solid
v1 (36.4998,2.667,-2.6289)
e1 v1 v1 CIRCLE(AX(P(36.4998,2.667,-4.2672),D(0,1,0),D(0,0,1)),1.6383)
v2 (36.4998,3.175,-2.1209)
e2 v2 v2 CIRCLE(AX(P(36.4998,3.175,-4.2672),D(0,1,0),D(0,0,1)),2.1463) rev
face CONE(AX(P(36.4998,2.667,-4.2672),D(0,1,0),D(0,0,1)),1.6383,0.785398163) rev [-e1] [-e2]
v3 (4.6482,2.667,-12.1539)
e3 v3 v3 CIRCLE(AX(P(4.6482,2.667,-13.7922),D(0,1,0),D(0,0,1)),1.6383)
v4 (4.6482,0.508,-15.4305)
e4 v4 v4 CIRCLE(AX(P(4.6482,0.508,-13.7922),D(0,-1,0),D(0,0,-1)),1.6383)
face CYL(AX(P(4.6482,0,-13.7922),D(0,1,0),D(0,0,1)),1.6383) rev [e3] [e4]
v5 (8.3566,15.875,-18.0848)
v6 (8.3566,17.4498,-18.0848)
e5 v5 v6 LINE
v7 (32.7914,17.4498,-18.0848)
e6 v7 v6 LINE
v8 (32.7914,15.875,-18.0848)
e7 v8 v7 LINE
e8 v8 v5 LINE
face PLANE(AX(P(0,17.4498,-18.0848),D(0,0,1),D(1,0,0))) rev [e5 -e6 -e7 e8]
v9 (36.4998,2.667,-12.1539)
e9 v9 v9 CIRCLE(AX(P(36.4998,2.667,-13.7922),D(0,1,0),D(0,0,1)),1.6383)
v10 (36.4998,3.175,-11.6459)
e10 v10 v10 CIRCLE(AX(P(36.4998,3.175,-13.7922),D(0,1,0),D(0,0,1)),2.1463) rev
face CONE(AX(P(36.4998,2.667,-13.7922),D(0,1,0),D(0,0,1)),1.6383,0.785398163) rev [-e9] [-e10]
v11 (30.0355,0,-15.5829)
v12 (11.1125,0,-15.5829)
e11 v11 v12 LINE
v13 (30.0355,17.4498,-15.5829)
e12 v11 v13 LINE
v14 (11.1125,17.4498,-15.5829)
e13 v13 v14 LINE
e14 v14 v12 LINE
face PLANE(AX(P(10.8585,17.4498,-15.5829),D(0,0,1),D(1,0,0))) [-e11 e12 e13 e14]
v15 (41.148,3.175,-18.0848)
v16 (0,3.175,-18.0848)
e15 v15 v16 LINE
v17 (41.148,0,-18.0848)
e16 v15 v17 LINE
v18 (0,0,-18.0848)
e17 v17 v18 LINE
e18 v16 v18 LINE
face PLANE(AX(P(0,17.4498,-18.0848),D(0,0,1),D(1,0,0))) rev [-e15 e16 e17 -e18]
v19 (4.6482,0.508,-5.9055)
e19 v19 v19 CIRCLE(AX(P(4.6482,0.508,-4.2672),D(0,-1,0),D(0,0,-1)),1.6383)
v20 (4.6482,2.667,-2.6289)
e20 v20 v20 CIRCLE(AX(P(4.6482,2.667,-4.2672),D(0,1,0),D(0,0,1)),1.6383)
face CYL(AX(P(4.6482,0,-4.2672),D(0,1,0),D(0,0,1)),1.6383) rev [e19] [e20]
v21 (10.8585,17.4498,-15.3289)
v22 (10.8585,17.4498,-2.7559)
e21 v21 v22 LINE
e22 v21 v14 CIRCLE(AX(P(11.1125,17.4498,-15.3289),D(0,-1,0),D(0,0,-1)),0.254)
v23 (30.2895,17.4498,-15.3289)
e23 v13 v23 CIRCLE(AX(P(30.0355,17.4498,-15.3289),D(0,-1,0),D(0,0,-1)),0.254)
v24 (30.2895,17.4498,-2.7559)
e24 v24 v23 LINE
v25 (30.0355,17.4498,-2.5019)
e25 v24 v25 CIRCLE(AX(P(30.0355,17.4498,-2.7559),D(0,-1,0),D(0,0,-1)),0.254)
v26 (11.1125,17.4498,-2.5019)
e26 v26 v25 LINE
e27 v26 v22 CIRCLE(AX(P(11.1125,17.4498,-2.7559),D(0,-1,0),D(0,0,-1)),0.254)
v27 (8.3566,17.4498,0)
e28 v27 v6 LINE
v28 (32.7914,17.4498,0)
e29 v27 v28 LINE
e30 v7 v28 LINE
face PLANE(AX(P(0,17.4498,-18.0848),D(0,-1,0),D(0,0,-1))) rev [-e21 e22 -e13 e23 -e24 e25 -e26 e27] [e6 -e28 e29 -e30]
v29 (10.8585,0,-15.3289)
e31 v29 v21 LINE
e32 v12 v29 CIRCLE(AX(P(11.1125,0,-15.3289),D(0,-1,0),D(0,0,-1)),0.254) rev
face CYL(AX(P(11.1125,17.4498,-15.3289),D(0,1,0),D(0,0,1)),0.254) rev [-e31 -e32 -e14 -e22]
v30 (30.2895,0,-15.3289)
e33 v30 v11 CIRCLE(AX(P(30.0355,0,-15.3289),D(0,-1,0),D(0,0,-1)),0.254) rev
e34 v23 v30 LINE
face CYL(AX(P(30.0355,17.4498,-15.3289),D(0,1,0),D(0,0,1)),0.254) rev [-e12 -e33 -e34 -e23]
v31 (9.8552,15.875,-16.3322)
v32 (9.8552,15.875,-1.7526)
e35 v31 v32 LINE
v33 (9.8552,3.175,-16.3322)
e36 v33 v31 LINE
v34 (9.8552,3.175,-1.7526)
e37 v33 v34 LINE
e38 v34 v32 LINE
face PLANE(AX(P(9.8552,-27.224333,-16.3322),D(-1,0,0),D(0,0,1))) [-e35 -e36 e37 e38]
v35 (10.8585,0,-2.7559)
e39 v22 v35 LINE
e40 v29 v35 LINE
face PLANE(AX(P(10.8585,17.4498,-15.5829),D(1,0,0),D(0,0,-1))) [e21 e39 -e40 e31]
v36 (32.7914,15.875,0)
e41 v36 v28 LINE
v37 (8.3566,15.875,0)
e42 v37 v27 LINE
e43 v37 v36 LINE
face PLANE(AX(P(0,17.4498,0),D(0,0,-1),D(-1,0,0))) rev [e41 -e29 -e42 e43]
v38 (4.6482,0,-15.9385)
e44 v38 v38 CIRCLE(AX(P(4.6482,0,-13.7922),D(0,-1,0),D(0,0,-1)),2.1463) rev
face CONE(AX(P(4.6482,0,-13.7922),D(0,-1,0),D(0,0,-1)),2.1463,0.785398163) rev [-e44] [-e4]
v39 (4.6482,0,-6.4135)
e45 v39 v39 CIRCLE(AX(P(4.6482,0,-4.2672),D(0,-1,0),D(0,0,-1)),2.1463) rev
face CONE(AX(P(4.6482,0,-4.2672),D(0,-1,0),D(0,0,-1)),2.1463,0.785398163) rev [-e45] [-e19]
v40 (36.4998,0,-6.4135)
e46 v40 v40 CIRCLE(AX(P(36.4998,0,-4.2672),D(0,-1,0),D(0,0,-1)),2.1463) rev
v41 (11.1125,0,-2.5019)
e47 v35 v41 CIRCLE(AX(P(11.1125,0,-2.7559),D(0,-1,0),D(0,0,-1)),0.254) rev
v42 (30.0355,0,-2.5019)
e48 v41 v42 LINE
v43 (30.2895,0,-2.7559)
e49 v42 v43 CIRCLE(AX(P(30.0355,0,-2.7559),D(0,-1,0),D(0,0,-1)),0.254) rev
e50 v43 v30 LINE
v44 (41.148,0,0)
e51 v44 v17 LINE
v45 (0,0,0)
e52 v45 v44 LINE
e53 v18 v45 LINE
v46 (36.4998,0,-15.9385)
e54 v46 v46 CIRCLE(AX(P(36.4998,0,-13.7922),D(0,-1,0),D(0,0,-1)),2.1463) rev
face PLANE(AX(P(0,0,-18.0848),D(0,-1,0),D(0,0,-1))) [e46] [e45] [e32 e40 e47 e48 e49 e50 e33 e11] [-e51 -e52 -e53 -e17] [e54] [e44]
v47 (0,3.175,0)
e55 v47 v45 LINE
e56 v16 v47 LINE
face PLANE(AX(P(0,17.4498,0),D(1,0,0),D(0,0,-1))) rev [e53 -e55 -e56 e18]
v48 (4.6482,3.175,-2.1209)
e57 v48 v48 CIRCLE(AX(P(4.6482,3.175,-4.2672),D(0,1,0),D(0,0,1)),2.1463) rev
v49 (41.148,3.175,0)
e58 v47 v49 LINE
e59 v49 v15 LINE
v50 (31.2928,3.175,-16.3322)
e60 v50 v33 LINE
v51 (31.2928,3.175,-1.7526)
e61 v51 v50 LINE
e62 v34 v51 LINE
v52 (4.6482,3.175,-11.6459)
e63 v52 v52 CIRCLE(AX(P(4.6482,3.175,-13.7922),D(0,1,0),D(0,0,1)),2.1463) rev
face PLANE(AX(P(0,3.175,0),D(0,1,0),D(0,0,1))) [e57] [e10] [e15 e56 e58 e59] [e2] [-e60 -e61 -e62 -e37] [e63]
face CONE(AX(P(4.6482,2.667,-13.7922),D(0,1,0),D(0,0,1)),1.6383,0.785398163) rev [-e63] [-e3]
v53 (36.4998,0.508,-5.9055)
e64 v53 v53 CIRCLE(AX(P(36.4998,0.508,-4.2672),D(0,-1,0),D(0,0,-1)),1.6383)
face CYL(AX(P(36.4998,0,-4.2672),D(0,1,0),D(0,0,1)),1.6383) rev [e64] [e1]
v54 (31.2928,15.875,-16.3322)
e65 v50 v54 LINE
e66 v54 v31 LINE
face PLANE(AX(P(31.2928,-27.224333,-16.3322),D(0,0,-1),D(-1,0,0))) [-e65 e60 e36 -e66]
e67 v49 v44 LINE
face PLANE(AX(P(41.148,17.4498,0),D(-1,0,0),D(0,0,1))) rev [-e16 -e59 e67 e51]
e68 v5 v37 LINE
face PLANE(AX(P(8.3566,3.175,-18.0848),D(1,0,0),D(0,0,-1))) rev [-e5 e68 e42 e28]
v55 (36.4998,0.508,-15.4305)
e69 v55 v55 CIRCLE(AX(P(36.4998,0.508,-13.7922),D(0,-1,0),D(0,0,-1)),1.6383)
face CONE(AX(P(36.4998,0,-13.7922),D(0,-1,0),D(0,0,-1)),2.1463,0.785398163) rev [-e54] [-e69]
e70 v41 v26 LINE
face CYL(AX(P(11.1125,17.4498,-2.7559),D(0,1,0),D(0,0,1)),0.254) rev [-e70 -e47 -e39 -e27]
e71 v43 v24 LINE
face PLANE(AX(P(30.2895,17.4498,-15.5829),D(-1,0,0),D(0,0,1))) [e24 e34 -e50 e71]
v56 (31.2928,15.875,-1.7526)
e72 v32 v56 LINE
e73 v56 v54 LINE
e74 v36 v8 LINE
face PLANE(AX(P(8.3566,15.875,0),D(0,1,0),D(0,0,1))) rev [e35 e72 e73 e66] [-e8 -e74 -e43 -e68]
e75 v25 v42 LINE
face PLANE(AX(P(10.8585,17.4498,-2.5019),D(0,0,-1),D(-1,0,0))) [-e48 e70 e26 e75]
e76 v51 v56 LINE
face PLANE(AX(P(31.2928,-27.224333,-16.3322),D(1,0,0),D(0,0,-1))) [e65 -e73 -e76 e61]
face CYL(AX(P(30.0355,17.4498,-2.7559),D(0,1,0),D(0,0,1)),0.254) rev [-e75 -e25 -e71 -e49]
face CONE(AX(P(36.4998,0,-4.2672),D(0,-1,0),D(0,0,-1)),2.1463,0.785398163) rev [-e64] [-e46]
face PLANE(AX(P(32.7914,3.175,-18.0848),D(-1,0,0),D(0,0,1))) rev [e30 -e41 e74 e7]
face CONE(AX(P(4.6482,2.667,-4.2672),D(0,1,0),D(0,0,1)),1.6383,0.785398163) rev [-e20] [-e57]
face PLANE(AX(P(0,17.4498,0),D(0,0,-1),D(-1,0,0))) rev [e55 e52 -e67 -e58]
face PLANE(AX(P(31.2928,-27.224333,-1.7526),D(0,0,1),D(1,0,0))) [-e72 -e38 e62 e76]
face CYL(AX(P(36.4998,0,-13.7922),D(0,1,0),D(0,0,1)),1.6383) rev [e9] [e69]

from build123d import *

# Parameters (mm, degrees)
SKETCH1_W          = 41.148
SKETCH1_H          = 18.0848
SKETCH1_W_2        = 19.431
SKETCH1_H_2        = 13.081
EXTRUDE1_DEPTH     = 17.4498
SKETCH2_W          = 8.3566
SKETCH2_H          = 18.0848
CUT_EXTRUDE1_DEPTH = 14.2748
CUT_EXTRUDE2_START = -1.5748
SKETCH3_W          = 24.4348
SKETCH3_H          = 18.0848
SKETCH3_W_2        = 21.4376
SKETCH3_H_2        = 14.5796
CUT_EXTRUDE2_DEPTH = 12.7
SKETCH4_R          = 1.6383
CUT_EXTRUDE3_DEPTH = 4.175
CHAMFER1_SIZE      = 0.508
FILLET1_R          = 0.254
CHAMFER2_SIZE      = 0.508


with BuildPart() as part:
    # Sketch1 → Extrude1 (new body)
    with BuildSketch(Plane(origin=(0, 0, 0), x_dir=(1, 0, 0), z_dir=(0, 1, 0))):
        with Locations((20.574, 9.0424)):
            Rectangle(SKETCH1_W, SKETCH1_H)
        with Locations((20.574, 9.0424)):
            Rectangle(SKETCH1_W_2, SKETCH1_H_2, mode=Mode.SUBTRACT)
    extrude(amount=EXTRUDE1_DEPTH)

    # Sketch2 → Cut-Extrude1 (cut)
    with BuildSketch(Plane(origin=(0, 17.4498, 0), x_dir=(-1, 0, 0), z_dir=(0, 1, 0))):
        with Locations((-4.1783, -9.0424)):
            Rectangle(SKETCH2_W, SKETCH2_H)
        with Locations((-36.9697, -9.0424)):
            Rectangle(SKETCH2_W, SKETCH2_H)
    extrude(amount=-CUT_EXTRUDE1_DEPTH, mode=Mode.SUBTRACT)

    # Sketch3 → Cut-Extrude2 (cut)
    with BuildSketch(Plane(origin=(0, 17.4498, 0), x_dir=(-1, 0, 0), z_dir=(0, 1, 0)).offset(CUT_EXTRUDE2_START)):
        with Locations((-20.574, -9.0424)):
            Rectangle(SKETCH3_W, SKETCH3_H)
        with Locations((-20.574, -9.0424)):
            Rectangle(SKETCH3_W_2, SKETCH3_H_2, mode=Mode.SUBTRACT)
    extrude(amount=-CUT_EXTRUDE2_DEPTH, mode=Mode.SUBTRACT)

    # Sketch4 → Cut-Extrude3 (cut, through all)
    with BuildSketch(Plane(origin=(0, 3.175, 0), x_dir=(-1, 0, 0), z_dir=(0, 1, 0))):
        with Locations(Location((-36.4998, -13.7922, 0), (0, 0, 90))):  # turned: the seam where the file's is
            Circle(SKETCH4_R)
        with Locations(Location((-36.4998, -4.2672, 0), (0, 0, 90))):  # turned: the seam where the file's is
            Circle(SKETCH4_R)
        with Locations(Location((-4.6482, -4.2672, 0), (0, 0, 90))):  # turned: the seam where the file's is
            Circle(SKETCH4_R)
        with Locations(Location((-4.6482, -13.7922, 0), (0, 0, 90))):  # turned: the seam where the file's is
            Circle(SKETCH4_R)
    extrude(amount=-CUT_EXTRUDE3_DEPTH, mode=Mode.SUBTRACT)

    # Chamfer1
    chamfer1_edges = [part.edges().sort_by_distance(p)[0] for p in [
        (36.4998, 3.175, -15.4305),
        (36.4998, 3.175, -5.9055),
        (4.6482, 3.175, -5.9055),
        (4.6482, 3.175, -15.4305),
    ]]
    chamfer(chamfer1_edges, length=CHAMFER1_SIZE)

    # Fillet1
    fillet1_edges = [part.edges().sort_by_distance(p)[0] for p in [
        (10.8585, 8.7249, -15.5829),
        (10.8585, 8.7249, -2.5019),
        (30.2895, 8.7249, -2.5019),
        (30.2895, 8.7249, -15.5829),
    ]]
    fillet(fillet1_edges, radius=FILLET1_R)

    # Chamfer2
    chamfer2_edges = [part.edges().sort_by_distance(p)[0] for p in [
        (36.4998, 0, -15.4305),
        (36.4998, 0, -5.9055),
        (4.6482, 0, -5.9055),
        (4.6482, 0, -15.4305),
    ]]
    chamfer(chamfer2_edges, length=CHAMFER2_SIZE)


solid = part.part
